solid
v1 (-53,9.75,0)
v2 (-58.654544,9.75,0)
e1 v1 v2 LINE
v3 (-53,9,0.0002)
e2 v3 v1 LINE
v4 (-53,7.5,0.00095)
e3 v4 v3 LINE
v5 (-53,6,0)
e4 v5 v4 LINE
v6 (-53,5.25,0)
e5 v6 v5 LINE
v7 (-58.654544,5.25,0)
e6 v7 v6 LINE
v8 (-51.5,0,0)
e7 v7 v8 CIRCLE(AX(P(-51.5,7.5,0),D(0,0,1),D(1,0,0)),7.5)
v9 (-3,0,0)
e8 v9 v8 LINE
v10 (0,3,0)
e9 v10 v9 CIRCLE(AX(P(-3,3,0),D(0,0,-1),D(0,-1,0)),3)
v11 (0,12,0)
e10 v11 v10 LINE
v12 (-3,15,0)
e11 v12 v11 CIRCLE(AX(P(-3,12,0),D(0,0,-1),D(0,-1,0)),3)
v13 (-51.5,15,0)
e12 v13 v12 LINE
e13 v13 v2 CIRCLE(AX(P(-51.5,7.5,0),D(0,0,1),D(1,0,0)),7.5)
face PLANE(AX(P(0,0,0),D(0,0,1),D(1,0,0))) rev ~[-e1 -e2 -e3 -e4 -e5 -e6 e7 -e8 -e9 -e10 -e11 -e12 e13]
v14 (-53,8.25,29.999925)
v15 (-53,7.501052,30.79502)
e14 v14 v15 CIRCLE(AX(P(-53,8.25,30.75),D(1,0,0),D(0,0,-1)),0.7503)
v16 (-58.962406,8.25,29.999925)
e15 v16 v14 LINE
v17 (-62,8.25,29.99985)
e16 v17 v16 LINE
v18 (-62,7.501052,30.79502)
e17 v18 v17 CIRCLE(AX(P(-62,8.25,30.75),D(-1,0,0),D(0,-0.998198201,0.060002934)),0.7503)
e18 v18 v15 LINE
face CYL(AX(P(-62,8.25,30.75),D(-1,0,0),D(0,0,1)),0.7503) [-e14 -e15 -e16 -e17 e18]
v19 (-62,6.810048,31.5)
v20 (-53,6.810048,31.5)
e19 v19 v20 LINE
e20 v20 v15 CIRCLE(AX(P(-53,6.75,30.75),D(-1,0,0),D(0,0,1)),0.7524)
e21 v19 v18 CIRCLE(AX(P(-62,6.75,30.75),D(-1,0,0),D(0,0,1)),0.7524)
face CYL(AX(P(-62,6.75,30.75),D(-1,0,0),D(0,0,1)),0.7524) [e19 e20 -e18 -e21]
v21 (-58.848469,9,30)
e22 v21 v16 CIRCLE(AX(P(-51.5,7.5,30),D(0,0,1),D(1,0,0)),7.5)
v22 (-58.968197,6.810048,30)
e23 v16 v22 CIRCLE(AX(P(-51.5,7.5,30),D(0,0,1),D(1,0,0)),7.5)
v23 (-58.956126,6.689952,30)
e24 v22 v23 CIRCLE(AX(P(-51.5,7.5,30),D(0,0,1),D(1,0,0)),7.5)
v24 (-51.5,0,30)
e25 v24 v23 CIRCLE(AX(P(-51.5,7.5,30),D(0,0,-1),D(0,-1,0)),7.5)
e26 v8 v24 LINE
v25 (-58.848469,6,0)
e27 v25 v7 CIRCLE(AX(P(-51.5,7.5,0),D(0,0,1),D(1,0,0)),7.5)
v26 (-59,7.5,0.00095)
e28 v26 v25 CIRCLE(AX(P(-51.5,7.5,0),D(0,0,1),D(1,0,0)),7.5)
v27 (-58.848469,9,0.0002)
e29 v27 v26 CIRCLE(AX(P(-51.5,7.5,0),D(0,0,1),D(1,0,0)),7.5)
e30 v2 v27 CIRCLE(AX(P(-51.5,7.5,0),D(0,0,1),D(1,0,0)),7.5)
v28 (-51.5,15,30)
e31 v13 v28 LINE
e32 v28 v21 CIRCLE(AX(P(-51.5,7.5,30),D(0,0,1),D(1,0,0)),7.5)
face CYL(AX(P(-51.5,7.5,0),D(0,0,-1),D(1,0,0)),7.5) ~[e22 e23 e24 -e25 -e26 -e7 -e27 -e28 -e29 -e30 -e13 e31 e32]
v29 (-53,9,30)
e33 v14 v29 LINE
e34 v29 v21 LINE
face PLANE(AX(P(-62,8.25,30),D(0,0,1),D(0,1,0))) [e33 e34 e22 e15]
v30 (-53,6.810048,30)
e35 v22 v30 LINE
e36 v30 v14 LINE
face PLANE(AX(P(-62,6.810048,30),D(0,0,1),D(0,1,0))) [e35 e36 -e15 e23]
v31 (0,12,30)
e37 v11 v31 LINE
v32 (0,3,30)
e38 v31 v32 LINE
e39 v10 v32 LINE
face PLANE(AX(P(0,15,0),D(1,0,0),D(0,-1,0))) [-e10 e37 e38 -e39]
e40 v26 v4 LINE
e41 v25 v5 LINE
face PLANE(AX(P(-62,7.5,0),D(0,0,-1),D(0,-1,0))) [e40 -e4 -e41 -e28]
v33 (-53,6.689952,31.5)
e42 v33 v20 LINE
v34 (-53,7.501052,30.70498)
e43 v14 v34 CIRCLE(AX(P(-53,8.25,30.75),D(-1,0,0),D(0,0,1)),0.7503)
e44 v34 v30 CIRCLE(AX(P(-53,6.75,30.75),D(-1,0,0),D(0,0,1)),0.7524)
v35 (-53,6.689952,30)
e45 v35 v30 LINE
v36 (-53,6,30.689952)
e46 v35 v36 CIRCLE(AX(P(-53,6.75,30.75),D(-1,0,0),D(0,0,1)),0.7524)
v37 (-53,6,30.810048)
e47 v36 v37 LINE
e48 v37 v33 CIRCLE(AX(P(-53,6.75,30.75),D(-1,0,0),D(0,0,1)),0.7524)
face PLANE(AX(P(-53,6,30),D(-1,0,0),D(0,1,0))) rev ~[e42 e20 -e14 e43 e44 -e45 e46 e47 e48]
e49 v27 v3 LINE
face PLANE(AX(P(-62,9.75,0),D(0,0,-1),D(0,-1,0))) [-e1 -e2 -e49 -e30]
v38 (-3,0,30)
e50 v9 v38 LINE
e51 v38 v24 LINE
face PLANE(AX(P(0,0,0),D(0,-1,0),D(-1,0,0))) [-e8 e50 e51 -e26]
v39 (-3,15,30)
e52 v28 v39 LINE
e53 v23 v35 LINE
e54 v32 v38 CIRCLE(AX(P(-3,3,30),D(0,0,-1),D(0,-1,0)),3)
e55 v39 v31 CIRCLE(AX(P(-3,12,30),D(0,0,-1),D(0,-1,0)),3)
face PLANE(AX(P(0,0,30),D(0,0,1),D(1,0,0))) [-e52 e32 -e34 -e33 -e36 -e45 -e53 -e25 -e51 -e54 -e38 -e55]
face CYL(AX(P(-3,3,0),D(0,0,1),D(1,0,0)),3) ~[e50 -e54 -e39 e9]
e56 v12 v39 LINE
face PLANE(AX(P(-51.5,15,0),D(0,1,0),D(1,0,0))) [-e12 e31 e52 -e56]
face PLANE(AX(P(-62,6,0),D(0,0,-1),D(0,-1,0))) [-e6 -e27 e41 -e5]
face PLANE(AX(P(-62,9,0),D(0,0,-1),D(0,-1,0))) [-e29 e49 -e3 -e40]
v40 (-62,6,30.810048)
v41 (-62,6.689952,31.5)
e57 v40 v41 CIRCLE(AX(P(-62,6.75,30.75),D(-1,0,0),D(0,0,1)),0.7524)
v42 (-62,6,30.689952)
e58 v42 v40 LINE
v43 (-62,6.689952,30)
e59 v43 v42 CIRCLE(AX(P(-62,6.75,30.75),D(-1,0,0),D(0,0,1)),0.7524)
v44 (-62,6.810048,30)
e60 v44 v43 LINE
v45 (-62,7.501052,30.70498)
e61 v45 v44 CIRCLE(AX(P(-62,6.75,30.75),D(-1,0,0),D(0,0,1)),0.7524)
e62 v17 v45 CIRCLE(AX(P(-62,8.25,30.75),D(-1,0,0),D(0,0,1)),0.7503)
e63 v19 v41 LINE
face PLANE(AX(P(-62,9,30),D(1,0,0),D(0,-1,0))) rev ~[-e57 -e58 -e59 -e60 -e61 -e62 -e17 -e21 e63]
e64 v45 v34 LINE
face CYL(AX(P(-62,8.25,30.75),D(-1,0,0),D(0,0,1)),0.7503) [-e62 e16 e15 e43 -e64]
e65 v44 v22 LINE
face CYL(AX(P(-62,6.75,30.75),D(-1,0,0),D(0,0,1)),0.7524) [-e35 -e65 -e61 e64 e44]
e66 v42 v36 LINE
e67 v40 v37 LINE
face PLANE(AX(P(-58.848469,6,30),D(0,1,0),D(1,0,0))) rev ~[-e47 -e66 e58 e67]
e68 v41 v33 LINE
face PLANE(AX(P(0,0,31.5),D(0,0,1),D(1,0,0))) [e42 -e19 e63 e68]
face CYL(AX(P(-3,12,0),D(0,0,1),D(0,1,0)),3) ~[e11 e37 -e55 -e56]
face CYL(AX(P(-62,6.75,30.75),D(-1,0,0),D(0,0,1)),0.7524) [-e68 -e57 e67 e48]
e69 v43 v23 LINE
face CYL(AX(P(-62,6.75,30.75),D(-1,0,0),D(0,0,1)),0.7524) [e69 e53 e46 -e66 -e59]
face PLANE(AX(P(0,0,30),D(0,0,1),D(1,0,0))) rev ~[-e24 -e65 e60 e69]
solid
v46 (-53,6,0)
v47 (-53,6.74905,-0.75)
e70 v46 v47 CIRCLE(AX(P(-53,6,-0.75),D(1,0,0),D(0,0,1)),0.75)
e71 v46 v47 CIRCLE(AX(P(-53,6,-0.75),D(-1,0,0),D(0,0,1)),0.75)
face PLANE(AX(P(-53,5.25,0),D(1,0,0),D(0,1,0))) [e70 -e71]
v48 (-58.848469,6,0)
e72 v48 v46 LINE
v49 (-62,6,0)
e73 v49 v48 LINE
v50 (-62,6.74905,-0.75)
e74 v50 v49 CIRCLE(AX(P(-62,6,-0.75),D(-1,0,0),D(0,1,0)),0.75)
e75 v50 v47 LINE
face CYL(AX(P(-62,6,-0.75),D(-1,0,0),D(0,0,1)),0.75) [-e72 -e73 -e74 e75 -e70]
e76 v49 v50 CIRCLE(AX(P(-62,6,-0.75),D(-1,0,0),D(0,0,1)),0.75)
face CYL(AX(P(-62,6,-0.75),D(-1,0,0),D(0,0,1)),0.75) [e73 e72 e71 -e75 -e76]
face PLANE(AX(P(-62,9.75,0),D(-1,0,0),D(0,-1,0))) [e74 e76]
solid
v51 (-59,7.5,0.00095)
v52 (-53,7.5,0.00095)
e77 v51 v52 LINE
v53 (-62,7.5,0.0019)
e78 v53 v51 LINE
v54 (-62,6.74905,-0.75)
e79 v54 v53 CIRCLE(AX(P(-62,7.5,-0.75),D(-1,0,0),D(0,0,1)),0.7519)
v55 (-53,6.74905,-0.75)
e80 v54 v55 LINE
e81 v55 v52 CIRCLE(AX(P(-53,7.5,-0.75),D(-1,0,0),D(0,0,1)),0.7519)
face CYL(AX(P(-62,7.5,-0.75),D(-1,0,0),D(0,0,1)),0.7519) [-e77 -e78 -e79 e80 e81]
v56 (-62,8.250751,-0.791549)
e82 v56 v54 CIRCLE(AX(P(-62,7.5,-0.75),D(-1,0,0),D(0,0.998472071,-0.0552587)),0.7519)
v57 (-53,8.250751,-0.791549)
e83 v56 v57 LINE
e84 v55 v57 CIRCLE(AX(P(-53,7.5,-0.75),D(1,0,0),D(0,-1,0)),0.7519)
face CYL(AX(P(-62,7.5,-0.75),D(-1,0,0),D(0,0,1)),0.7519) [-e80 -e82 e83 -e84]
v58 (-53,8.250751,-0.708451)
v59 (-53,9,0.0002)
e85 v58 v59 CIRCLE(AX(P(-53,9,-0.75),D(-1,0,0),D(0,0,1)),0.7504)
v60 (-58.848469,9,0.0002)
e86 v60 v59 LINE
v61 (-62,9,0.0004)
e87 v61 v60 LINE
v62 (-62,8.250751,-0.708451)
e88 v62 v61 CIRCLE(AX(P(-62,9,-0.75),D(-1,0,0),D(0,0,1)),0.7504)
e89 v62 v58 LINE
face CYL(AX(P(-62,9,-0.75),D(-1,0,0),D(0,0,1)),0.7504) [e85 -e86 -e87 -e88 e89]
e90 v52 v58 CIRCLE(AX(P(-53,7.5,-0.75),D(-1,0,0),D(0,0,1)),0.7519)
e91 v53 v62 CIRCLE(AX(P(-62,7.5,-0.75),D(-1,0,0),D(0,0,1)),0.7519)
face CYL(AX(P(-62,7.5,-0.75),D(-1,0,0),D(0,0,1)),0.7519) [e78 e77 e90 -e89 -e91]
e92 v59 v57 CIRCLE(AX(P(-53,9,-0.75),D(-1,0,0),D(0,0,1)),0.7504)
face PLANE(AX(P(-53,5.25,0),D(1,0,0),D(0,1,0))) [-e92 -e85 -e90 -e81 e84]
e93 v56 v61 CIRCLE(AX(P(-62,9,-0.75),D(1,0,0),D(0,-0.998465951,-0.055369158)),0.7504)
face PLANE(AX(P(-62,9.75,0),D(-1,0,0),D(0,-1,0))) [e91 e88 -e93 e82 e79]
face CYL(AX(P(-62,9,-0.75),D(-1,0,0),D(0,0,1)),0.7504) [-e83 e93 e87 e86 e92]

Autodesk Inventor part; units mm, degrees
ref_plane "YZ Plane" through (0, 0, 0) normal (1, 0, 0) x (0, 1, 0)
ref_plane "XZ Plane" through (0, 0, 0) normal (0, 1, 0) x (-1, 0, 0)
ref_plane "XY Plane" through (0, 0, 0) normal (0, 0, 1) x (1, 0, 0)
sketch "Sketch2" plane through (0, 0, 0) normal (0, 0, 1) x (1, 0, 0)
  line L0 (-51.5, 15) -> (0, 15)
  line L1 (0, 15) -> (0, 0)
  line L2 (0, 0) -> (-51.5, 0)
  line L3 (-51.5, 0) -> (-51.5, 15)
  circle A0 centre (-51.5, 7.5) radius 7.5
  dimension "d0" = 15
  dimension "d1" = 0
  dimension "d2" = 51.5
  dimension "d3" = 0
extrude "Extrusion1" add sketch "Sketch2" along normal blind 30
sketch "Sketch3" plane through (0, 0, 30) normal (0, 0, 1) x (1, 0, 0)
  line L0 (-53, 9) -> (-62, 9)
  line L1 (-62, 9) -> (-62, 6)
  line L2 (-62, 6) -> (-53, 6)
  line L3 (-53, 6) -> (-53, 9)
  line L4 (-51.5, 0) -> (0, 0) projected
  line L5 (0, 0) -> (0, 15) projected
  arc A0 (-51.5, 15) -> (-51.5, 0) centre (-51.5, 7.5) ccw projected
  dimension "d6" = 3
  dimension "d7" = 6
  dimension "d8" = 53
  dimension "d9" = 10.5
extrude "Extrusion2" add sketch "Sketch3" along normal blind 1.5
sketch "Sketch4" plane through (-62, 6, 30) normal (-1, 0, 0) x (0, 0, 1)
  circle A0 centre (0.75, 2.25) radius 0.7503
  circle A1 centre (0.75, 0.75) radius 0.7524
  line L0 (0, 3) -> (1.5, 3) projected
  line L1 (0, 0) -> (1.5, 0) projected
  line L2 (0, 3) -> (0, 9) projected
  line L3 (1.5, 3) -> (1.5, 0) projected
  line L4 (0, 3) -> (1.5, 3)
  line L5 (1.5, 3) -> (1.5, 0)
  line L6 (1.5, 0) -> (0, 0)
  line L7 (0, 0) -> (0, 3)
  point P0 (-30, -6)
  point P1 (1.5, 2.2724)
  point P2 (0.7724, 3)
  point P3 (0, 2.2276)
  point P4 (0, 0.8104)
  point P5 (0.7045, 1.501)
  point P6 (0, 2.2724)
  point P7 (0.7276, 3)
  point P8 (1.5, 0.8104)
  point P9 (1.5, 2.2276)
  point P10 (0.7955, 1.501)
  point P11 (1.5, 0.6896)
  point P12 (0.8104, 0)
  point P13 (0, 0.6896)
  point P14 (0.6896, 0)
  dimension "d12" = 0.75
  dimension "d13" = 0.75
extrude "Extrusion3" cut sketch "Sketch4" against normal through all contours L3 A1 A0 | A0 L0 L3 | A0 L7 L0 | A0 A1 L7 | L3 L1 A1 | A1 L1 L7 picked at (1.3379, 1.4108)
sketch "Sketch5" plane through (0, 0, 0) normal (0, 0, -1) x (-1, 0, 0)
  line L0 (53, 9.75) -> (62, 9.75)
  line L1 (62, 9.75) -> (62, 5.25)
  line L2 (62, 5.25) -> (53, 5.25)
  line L3 (53, 5.25) -> (53, 9.75)
  line L4 (0, 0) -> (0, 15) projected
  line L5 (51.5, 0) -> (0, 0) projected
  line L6 (62, 6.8104) -> (62, 7.501) projected
  dimension "d16" = 4.5
  dimension "d17" = 53
  dimension "d18" = 5.25
  dimension "d19" = 0
extrude "Extrusion4" add sketch "Sketch5" along normal blind 1.5
sketch "Sketch6" plane through (-62, 5.25, 0) normal (-1, 0, 0) x (0, 0, 1)
  circle A0 centre (-0.75, 3.75) radius 0.7504
  circle A1 centre (-0.75, 2.25) radius 0.7519
  circle A2 centre (-0.75, 0.75) radius 0.75
  line L0 (-1.5, 4.5) -> (-1.5, 0) projected
  line L1 (0, 4.5) -> (-1.5, 4.5) projected
  line L2 (-1.5, 4.5) -> (0, 4.5)
  line L3 (0, 4.5) -> (0, 0)
  line L4 (0, 0) -> (-1.5, 0)
  line L5 (-1.5, 0) -> (-1.5, 4.5)
  point P0 (0, -5.25)
  point P1 (-1.5, 3.7258)
  point P2 (-1.5, 2.304)
  point P3 (-0.7918, 3.0008)
  point P4 (-0.7742, 4.5)
  point P5 (-1.5, 3.7742)
  point P6 (0, 3.7742)
  point P7 (-0.7258, 4.5)
  point P8 (0, 2.304)
  point P9 (0, 3.7258)
  point P10 (-0.7082, 3.0008)
  point P11 (-0.75, 0)
  point P12 (0, 0.75)
  point P13 (-1.5, 0.75)
  point P14 (0, 2.196)
  point P15 (-0.7118, 1.499)
  point P16 (-1.5, 2.196)
  point P17 (-0.7882, 1.499)
  dimension "d22" = 1.5
  dimension "d23" = 0.75
  dimension "d24" = 0.75
  dimension "d25" = 1.5
extrude "Extrusion5" cut sketch "Sketch6" against normal through all contours L3 A1 A0 | A0 L1 L3 | A0 L0 L1 | L3 A2 A1 | A0 A1 L0 | A2 L0 A1 | L3 L4 A2 | A2 L4 L0
fillet "Fillet1" radius 3 2 edges at (0, 15, 15) (0, 0, 15)
properties part number "Battery_temp"
